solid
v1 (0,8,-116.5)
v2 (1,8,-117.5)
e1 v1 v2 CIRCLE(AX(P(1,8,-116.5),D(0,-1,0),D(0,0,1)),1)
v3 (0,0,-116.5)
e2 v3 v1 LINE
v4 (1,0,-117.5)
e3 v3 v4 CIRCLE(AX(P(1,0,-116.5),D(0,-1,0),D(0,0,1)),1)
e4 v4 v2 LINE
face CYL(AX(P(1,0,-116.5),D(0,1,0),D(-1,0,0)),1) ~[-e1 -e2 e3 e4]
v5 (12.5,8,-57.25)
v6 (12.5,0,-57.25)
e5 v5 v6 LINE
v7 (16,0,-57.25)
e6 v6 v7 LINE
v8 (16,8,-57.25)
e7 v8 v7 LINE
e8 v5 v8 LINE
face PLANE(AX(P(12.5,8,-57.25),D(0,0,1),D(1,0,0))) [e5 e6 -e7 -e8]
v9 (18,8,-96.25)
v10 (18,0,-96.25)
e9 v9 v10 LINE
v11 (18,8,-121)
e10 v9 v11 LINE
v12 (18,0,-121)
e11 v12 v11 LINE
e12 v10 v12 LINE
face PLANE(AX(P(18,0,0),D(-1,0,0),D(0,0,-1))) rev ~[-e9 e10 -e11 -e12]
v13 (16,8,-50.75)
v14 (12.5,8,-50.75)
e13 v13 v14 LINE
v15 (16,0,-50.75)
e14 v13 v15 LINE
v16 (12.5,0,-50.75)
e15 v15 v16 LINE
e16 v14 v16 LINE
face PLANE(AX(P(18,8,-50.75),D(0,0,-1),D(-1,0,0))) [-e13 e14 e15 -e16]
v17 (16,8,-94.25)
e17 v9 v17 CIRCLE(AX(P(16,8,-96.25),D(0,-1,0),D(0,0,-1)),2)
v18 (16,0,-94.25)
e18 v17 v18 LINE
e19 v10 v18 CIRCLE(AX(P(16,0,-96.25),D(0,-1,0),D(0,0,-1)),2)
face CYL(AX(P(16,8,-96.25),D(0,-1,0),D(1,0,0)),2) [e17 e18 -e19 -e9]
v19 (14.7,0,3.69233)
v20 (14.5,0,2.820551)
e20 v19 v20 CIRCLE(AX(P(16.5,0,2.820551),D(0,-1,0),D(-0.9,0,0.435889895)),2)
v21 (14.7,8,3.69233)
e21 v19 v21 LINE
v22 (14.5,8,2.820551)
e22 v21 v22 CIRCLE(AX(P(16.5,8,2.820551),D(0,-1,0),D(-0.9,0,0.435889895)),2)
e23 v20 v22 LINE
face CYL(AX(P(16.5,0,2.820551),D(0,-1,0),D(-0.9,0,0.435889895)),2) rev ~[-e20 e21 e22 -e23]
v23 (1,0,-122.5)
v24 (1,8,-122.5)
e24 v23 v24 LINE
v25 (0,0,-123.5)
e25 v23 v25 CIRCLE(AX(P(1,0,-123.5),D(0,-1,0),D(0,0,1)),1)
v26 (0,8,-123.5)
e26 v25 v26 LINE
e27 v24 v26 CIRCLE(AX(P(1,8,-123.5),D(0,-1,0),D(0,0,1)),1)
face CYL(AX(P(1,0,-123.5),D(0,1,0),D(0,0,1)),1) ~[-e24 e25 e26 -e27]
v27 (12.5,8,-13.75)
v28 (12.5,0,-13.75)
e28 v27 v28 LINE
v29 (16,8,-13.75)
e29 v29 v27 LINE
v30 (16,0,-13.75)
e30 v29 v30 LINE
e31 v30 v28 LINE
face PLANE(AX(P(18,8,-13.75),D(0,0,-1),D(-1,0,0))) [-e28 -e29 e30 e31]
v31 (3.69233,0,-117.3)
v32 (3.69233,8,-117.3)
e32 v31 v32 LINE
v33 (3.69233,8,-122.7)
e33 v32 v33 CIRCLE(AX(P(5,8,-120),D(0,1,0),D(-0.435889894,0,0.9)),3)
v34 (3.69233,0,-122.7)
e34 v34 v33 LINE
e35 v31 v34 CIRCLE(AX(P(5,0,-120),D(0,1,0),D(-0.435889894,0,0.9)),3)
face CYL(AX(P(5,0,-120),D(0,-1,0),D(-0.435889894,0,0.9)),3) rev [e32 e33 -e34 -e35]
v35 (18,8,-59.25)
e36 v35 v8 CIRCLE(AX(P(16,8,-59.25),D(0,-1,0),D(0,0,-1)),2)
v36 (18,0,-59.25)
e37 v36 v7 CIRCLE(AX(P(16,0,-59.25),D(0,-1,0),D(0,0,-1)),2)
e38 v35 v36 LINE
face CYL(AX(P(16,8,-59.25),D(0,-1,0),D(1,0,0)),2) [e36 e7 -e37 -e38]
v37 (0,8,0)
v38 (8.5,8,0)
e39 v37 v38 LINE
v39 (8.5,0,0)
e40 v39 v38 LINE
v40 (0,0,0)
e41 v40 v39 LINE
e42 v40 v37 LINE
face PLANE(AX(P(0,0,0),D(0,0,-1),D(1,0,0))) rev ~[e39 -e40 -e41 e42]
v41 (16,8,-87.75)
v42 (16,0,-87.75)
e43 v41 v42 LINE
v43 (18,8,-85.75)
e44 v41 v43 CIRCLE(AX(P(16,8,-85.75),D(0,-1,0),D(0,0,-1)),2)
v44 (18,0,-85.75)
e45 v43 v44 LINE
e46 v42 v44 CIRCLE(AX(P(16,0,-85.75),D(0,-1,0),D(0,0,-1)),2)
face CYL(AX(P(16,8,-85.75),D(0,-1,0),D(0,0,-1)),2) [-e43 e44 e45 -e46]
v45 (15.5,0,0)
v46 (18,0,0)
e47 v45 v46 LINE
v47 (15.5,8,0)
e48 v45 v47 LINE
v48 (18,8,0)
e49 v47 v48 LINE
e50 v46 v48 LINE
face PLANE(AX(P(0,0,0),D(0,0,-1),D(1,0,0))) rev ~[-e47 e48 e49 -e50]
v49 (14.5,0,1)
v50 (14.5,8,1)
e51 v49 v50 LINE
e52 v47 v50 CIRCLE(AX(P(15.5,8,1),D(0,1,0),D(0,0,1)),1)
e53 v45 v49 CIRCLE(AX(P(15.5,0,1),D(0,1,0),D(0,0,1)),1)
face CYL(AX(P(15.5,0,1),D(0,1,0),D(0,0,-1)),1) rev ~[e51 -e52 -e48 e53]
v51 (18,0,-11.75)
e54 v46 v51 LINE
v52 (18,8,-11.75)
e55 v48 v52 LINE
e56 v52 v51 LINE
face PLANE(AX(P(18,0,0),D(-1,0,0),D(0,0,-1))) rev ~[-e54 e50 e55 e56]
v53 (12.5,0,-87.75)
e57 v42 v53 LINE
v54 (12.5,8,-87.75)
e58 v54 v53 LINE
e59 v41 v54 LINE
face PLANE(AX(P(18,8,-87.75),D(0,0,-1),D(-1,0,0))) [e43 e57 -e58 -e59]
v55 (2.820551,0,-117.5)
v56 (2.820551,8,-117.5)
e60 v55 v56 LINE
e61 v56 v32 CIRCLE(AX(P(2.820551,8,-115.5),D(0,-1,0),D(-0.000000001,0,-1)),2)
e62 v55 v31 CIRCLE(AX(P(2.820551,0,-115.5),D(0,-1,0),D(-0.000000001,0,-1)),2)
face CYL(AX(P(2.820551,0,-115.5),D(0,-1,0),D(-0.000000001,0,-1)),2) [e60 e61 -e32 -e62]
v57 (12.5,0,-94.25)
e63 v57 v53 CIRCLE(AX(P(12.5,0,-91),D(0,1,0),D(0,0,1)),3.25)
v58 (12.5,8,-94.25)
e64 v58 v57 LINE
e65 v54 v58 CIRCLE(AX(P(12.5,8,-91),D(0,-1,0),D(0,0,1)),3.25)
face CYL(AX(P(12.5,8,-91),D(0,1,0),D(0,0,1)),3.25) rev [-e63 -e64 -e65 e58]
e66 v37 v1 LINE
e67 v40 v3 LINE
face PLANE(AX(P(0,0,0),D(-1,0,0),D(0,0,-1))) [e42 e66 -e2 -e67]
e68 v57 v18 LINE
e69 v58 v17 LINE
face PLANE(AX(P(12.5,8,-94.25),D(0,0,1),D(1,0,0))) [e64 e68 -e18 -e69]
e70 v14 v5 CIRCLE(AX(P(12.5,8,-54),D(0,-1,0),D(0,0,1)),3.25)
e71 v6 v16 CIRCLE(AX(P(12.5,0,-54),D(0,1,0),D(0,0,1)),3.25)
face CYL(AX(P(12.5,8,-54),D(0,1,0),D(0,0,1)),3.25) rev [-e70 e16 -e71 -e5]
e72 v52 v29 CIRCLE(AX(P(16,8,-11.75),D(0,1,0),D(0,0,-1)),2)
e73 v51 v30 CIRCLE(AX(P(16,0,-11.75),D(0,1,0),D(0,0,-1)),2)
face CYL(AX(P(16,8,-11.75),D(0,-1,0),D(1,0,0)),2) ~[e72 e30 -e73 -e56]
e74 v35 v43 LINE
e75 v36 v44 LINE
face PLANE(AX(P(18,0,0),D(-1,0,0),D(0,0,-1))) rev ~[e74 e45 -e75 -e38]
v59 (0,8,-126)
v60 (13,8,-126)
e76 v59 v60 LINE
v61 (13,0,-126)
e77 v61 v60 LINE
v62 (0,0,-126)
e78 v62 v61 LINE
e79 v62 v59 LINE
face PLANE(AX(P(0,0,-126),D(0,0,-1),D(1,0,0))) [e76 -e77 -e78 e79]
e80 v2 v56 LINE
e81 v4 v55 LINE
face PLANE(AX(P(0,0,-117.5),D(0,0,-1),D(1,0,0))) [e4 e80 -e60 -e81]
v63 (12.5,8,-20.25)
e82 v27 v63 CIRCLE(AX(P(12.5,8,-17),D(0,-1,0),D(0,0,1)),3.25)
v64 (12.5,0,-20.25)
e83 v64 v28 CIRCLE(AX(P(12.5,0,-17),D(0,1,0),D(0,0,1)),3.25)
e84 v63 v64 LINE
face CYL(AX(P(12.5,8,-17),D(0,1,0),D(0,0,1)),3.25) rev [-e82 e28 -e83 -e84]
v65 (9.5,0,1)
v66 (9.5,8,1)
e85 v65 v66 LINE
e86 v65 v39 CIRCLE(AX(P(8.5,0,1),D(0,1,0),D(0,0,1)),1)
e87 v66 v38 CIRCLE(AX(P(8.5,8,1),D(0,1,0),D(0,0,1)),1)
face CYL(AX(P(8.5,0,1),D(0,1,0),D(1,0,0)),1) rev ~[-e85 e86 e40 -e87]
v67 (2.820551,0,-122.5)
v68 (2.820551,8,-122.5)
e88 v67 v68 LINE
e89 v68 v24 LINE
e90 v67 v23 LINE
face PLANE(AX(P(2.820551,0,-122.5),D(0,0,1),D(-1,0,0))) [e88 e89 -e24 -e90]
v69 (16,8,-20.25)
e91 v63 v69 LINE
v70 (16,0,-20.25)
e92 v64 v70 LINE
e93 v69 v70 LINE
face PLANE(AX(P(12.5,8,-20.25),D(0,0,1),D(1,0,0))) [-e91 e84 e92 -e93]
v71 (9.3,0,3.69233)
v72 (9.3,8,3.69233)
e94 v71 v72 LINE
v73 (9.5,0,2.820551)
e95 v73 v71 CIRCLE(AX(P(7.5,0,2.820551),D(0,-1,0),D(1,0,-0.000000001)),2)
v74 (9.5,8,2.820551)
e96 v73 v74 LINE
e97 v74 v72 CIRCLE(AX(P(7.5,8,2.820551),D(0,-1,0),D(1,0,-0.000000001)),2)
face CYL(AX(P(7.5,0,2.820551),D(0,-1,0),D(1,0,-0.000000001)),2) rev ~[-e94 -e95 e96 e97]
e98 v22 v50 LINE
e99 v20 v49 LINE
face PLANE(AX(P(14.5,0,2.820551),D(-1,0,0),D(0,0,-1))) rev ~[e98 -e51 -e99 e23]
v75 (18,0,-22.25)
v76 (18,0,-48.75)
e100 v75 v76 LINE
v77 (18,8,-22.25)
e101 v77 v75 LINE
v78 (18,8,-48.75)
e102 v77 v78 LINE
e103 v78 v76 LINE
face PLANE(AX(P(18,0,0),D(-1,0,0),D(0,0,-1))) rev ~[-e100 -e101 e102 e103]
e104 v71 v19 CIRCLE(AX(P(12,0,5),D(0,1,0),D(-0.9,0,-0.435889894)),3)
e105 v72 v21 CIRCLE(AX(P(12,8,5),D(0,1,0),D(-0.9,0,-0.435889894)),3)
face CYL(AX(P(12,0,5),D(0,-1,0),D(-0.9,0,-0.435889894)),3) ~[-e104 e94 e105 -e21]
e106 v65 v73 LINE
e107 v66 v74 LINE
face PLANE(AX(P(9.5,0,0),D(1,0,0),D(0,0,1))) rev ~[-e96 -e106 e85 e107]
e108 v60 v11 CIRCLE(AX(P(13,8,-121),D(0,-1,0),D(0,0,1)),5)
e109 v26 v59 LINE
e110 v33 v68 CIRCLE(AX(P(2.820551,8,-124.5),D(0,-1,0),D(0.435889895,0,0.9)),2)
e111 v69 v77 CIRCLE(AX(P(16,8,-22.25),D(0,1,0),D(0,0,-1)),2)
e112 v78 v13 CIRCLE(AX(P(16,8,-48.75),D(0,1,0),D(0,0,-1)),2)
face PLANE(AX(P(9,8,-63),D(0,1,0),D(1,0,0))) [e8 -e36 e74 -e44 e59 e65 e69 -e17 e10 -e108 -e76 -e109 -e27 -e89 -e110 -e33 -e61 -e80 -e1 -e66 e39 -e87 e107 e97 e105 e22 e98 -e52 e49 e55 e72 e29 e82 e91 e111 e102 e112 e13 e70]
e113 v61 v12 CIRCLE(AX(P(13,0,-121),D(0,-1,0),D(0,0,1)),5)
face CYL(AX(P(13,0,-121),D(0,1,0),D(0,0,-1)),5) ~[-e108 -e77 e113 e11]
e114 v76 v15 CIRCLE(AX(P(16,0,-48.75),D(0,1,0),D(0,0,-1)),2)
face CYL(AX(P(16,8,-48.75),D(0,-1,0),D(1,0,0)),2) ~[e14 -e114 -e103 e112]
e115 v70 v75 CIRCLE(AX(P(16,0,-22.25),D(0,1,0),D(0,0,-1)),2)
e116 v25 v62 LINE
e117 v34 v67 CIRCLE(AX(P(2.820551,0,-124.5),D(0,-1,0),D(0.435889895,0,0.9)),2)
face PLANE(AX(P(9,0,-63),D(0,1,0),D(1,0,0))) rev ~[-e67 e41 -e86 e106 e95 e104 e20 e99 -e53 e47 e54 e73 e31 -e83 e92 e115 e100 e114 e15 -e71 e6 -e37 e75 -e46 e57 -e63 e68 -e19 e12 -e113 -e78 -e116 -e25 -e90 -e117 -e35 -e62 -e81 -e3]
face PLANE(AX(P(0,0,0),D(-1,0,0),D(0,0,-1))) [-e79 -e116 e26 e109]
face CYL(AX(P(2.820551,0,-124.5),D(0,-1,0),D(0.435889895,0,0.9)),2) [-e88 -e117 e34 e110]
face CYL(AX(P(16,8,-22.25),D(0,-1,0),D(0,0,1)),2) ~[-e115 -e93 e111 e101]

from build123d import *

# Parameters (mm, degrees)
SKETCH_1_W          = 18
SKETCH_1_H          = 126
EXTRUDE_1_DEPTH     = 8
CUT_EXTRUDE_1_DEPTH = 10
FILLET_1_R          = 5
FILLET_2_R          = 2
EXTRUDE_5_DEPTH     = 8
CUT_EXTRUDE_4_DEPTH = 8
FILLET_3_R          = 1
FILLET_4_R          = 1


with BuildPart() as part:
    # 스케치1 → 보스-돌출1 (new body)
    with BuildSketch(Plane(origin=(0, 0, 0), x_dir=(1, 0, 0), z_dir=(0, 1, 0))):
        with Locations((9, 63)):
            Rectangle(SKETCH_1_W, SKETCH_1_H)
    extrude(amount=EXTRUDE_1_DEPTH)

    # 스케치2 → 컷-돌출1 (cut)
    with BuildSketch(Plane(origin=(0, 8, 0), x_dir=(1, 0, 0), z_dir=(0, 1, 0))):
        with BuildLine():
            Line((12.5, 94.25), (18, 94.25))
            ThreePointArc((18, 94.25), (21.25, 91), (18, 87.75))
            Line((18, 87.75), (12.5, 87.75))
            ThreePointArc((12.5, 87.75), (9.25, 91), (12.5, 94.25))
        make_face()
        with BuildLine():
            Line((12.5, 57.25), (18, 57.25))
            ThreePointArc((18, 57.25), (21.25, 54), (18, 50.75))
            Line((18, 50.75), (12.5, 50.75))
            ThreePointArc((12.5, 50.75), (9.25, 54), (12.5, 57.25))
        make_face()
        with BuildLine():
            Line((12.5, 20.25), (18, 20.25))
            ThreePointArc((18, 20.25), (21.25, 17), (18, 13.75))
            Line((18, 13.75), (12.5, 13.75))
            ThreePointArc((12.5, 13.75), (9.25, 17), (12.5, 20.25))
        make_face()
    extrude(amount=-CUT_EXTRUDE_1_DEPTH, mode=Mode.SUBTRACT)

    # 필렛1
    fillet_1_edges = [part.edges().sort_by_distance(p)[0] for p in [
        (18, 4, -126),
    ]]
    fillet(fillet_1_edges, radius=FILLET_1_R)

    # 필렛2
    fillet_2_edges = [part.edges().sort_by_distance(p)[0] for p in [
        (18, 4, -94.25),
        (18, 4, -87.75),
        (18, 4, -57.25),
        (18, 4, -50.75),
        (18, 4, -20.25),
        (18, 4, -13.75),
    ]]
    fillet(fillet_2_edges, radius=FILLET_2_R)

    # 스케치10 → 보스-돌출5 (add)
    with BuildSketch(Plane.XZ):
        with BuildLine():
            Line((9.5, 0), (9.5, 2.820550528))
            ThreePointArc((9.5, 2.820550528), (9.449358869, 3.267764124), (9.3, 3.692330317))
            ThreePointArc((9.3, 3.692330317), (12, 8), (14.7, 3.692330317))
            ThreePointArc((14.7, 3.692330317), (14.550641131, 3.267764124), (14.5, 2.820550528))
            Line((14.5, 2.820550528), (14.5, 0))
            Line((14.5, 0), (9.5, 0))
        make_face()
    extrude(amount=-EXTRUDE_5_DEPTH)

    # 스케치11 → 컷-돌출4 (cut)
    with BuildSketch(Plane.XZ):
        with BuildLine():
            Line((0, -117.5), (2.820550528, -117.5))
            ThreePointArc((2.820550528, -117.5), (3.267764124, -117.449358869), (3.692330317, -117.3))
            ThreePointArc((3.692330317, -117.3), (8, -120), (3.692330317, -122.7))
            ThreePointArc((3.692330317, -122.7), (3.267764124, -122.550641131), (2.820550528, -122.5))
            Line((2.820550528, -122.5), (0, -122.5))
            Line((0, -122.5), (0, -117.5))
        make_face()
    extrude(amount=-CUT_EXTRUDE_4_DEPTH, mode=Mode.SUBTRACT)

    # 필렛3
    fillet_3_edges = [part.edges().sort_by_distance(p)[0] for p in [
        (9.5, 4, 0),
        (14.5, 4, 0),
    ]]
    fillet(fillet_3_edges, radius=FILLET_3_R)

    # 필렛4
    fillet_4_edges = [part.edges().sort_by_distance(p)[0] for p in [
        (0, 4, -122.5),
        (0, 4, -117.5),
    ]]
    fillet(fillet_4_edges, radius=FILLET_4_R)


solid = part.part
